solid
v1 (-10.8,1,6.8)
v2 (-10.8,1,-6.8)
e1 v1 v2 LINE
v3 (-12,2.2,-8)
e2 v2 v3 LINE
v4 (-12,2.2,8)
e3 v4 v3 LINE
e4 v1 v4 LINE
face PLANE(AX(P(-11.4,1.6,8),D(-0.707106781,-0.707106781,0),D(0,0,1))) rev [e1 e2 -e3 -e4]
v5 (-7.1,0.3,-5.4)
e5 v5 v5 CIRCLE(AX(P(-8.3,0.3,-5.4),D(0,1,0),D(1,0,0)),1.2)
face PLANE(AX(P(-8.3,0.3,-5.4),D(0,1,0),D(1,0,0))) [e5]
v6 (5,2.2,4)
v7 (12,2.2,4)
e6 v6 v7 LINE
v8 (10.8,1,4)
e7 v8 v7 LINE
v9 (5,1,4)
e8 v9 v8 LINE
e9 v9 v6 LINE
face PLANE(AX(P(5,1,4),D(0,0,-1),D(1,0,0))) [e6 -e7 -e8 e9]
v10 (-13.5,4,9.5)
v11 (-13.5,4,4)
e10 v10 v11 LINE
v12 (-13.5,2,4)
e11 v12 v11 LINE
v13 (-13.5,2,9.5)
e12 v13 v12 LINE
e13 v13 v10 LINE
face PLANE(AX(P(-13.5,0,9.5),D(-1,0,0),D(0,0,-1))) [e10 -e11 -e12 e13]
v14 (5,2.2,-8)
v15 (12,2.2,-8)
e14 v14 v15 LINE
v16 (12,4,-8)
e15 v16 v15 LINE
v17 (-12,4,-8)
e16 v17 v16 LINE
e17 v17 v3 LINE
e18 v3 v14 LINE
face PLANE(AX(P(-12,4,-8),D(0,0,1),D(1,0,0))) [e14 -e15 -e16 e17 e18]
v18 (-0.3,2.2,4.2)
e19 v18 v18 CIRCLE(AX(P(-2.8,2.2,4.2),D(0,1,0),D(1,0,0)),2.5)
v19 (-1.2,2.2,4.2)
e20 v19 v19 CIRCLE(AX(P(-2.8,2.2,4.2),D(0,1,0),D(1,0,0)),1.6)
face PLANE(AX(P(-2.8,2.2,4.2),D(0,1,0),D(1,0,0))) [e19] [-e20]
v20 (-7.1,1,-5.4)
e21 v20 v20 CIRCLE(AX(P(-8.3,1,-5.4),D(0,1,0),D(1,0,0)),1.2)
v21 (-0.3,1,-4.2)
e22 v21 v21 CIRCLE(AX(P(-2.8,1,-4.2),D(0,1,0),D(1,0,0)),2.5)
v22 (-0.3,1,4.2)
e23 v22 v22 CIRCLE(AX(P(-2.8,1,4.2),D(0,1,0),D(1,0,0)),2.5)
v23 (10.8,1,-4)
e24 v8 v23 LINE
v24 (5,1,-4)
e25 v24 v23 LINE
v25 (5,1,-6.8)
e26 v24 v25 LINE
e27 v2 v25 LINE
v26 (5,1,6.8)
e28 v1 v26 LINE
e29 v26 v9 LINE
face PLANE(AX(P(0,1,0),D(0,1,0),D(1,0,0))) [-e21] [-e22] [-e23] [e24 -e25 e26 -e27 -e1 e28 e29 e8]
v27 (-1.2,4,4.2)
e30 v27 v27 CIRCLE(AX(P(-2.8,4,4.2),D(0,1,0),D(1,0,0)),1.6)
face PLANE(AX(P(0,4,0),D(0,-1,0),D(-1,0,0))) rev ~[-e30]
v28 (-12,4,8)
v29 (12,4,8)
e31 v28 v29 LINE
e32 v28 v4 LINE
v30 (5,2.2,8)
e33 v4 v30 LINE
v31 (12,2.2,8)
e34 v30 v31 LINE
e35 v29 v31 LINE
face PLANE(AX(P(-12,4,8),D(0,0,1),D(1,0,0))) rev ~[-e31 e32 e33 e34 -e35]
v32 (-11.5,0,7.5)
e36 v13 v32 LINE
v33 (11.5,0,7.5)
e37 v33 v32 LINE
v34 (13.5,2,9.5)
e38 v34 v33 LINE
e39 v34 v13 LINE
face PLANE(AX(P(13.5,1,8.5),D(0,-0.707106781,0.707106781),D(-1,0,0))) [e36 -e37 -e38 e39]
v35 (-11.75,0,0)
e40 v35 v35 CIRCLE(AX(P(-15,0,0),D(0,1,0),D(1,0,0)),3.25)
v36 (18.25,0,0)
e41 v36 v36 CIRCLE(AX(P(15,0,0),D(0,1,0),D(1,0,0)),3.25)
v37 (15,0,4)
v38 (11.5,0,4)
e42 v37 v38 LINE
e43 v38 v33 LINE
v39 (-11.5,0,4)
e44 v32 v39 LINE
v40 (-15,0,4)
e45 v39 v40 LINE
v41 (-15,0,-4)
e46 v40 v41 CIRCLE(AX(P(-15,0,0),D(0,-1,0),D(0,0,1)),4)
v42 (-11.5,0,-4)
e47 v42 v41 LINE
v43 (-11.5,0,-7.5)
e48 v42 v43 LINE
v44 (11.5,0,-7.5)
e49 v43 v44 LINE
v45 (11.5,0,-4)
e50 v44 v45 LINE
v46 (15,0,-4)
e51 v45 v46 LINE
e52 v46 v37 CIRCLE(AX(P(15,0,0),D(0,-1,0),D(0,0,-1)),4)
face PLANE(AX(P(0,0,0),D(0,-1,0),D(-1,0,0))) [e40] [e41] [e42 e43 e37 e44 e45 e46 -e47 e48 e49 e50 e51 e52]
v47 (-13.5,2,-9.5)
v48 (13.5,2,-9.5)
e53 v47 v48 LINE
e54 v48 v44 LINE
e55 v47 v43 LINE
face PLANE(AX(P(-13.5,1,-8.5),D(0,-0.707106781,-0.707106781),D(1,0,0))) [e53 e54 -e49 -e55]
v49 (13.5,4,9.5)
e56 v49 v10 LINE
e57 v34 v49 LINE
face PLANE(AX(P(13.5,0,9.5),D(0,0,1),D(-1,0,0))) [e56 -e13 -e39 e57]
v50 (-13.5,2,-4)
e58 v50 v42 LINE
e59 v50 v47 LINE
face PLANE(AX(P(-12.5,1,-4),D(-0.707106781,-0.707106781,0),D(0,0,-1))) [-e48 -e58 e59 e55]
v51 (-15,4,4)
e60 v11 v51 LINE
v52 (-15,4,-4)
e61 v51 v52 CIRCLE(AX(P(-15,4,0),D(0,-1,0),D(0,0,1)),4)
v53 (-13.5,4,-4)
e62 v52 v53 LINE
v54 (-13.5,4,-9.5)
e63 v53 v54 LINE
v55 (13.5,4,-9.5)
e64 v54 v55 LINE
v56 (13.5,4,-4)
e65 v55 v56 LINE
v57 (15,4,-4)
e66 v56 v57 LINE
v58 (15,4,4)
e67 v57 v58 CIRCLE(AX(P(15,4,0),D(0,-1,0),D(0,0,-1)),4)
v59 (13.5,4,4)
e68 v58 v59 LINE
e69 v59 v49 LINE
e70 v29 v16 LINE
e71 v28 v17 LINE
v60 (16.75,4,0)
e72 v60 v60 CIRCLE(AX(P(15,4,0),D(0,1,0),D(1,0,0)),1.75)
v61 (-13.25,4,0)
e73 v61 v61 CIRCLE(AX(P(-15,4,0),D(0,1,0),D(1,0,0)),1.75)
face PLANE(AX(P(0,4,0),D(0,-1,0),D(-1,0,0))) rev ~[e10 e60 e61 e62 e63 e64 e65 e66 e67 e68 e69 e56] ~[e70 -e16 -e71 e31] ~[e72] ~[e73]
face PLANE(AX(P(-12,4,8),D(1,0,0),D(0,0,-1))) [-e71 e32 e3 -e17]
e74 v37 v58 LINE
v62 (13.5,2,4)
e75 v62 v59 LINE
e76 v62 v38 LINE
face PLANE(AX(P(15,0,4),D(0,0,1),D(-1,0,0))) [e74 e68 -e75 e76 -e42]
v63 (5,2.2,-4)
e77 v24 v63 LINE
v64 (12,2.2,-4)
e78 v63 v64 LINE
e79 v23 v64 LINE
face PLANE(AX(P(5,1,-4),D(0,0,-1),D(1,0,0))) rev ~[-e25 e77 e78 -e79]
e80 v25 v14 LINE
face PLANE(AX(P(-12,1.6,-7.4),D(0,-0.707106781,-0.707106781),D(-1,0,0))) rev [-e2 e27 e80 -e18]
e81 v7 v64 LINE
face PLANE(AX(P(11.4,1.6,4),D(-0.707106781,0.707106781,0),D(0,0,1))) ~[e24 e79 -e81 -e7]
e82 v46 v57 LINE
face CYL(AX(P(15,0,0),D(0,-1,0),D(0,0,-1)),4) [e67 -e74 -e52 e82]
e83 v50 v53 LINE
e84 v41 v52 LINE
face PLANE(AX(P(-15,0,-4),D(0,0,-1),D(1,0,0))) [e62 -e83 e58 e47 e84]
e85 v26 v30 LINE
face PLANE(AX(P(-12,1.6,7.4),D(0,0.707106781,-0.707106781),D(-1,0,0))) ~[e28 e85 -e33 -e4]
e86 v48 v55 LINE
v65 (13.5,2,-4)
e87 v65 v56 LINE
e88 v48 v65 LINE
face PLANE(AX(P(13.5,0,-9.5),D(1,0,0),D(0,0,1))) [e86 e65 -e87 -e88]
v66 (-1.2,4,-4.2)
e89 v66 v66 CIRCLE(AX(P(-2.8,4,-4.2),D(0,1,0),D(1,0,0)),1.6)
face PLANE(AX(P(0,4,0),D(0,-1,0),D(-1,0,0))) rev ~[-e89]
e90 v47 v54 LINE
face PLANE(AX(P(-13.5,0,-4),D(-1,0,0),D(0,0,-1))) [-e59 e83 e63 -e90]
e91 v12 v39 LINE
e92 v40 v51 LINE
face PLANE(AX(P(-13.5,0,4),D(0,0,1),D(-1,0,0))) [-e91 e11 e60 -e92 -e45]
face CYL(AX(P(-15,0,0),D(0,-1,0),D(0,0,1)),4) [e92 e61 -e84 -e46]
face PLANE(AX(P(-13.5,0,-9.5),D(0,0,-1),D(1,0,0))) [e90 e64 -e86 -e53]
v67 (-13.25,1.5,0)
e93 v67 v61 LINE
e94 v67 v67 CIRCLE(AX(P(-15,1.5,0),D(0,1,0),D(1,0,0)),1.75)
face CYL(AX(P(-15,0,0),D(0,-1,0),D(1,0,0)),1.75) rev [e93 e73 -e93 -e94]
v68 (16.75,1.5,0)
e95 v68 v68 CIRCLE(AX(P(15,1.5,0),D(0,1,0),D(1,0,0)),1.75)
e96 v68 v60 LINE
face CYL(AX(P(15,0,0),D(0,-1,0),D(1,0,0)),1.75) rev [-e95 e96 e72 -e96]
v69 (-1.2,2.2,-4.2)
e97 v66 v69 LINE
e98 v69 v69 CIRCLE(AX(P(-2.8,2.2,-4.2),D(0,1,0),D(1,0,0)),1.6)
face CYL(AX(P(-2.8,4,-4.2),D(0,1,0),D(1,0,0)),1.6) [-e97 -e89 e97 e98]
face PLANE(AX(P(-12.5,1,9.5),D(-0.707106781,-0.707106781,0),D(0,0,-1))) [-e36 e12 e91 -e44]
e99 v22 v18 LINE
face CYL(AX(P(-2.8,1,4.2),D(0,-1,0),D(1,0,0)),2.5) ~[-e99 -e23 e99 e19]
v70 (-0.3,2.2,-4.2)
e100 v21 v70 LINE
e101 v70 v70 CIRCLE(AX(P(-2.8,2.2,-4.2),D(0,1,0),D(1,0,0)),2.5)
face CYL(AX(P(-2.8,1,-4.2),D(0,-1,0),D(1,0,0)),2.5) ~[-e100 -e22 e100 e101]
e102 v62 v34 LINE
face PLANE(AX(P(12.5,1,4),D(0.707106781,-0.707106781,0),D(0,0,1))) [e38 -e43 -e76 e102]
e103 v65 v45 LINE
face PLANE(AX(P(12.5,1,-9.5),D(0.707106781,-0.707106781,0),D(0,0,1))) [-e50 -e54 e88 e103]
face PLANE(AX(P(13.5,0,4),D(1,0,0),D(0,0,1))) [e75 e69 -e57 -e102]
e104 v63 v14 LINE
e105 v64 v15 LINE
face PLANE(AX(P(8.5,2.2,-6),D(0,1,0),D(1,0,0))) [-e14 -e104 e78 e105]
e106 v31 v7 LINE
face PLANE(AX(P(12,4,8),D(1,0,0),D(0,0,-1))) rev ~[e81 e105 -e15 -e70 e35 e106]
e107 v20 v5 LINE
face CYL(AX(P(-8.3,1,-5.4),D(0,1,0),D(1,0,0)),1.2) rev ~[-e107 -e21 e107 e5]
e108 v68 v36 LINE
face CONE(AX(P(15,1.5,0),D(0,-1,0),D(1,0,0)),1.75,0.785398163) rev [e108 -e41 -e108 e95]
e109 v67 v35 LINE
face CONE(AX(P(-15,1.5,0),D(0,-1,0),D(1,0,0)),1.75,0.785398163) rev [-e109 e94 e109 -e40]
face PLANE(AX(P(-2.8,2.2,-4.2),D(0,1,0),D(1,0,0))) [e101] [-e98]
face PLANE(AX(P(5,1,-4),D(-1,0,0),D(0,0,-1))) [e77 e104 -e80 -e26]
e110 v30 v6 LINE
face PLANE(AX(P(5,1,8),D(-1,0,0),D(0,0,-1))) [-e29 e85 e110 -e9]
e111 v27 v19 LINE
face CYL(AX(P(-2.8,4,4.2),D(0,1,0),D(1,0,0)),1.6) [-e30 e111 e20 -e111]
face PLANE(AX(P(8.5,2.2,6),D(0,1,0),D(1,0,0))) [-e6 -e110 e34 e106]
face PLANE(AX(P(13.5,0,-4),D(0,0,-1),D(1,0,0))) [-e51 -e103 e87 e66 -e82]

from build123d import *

# Parameters (mm, degrees)
SKETCH_398_R        = 1.75
EXTRUDE_1_DEPTH     = 4
CHAMFER_1_SIZE      = 1.5
SKETCH_632_W        = 24
SKETCH_632_H        = 16
SKETCH_632_R        = 1.6
CUT_EXTRUDE_1_DEPTH = 3
SKETCH_910_R        = 2.5
SKETCH_910_W        = 7
SKETCH_910_H        = 4
EXTRUDE_2_DEPTH     = 1.2
SKETCH_1130_R       = 1.2
CUT_EXTRUDE_2_DEPTH = 0.7
CHAMFER_2_SIZE      = 1.2
CHAMFER_3_SIZE      = 2


with BuildPart() as part:
    # Sketch 398 → Бобышка-Вытянуть1 (new body)
    with BuildSketch(Plane(origin=(0, 0, 0), x_dir=(1, 0, 0), z_dir=(0, 1, 0))):
        with BuildLine():
            Line((-15, 4), (-13.5, 4))
            Line((-13.5, 4), (-13.5, 9.5))
            Line((-13.5, 9.5), (13.5, 9.5))
            Line((13.5, 9.5), (13.5, 4))
            Line((13.5, 4), (15, 4))
            ThreePointArc((15, 4), (19, 0), (15, -4))
            Line((15, -4), (13.5, -4))
            Line((13.5, -4), (13.5, -9.5))
            Line((13.5, -9.5), (-13.5, -9.5))
            Line((-13.5, -9.5), (-13.5, -4))
            Line((-13.5, -4), (-15, -4))
            ThreePointArc((-15, -4), (-19, 0), (-15, 4))
        make_face()
        with Locations((-15, 0)):
            Circle(SKETCH_398_R, mode=Mode.SUBTRACT)
        with Locations((15, 0)):
            Circle(SKETCH_398_R, mode=Mode.SUBTRACT)
    extrude(amount=EXTRUDE_1_DEPTH)

    # Фаска1
    chamfer_1_edges = [part.edges().sort_by_distance(p)[0] for p in [
        (13.25, 0, 0),
        (-16.75, 0, 0),
    ]]
    chamfer(chamfer_1_edges, length=CHAMFER_1_SIZE)

    # Sketch 632 → Вырез-Вытянуть1 (cut)
    with BuildSketch(Plane(origin=(0, 4, 0), x_dir=(1, 0, 0), z_dir=(0, 1, 0))):
        Rectangle(SKETCH_632_W, SKETCH_632_H)
        with Locations((-2.8, 4.2)):
            Circle(SKETCH_632_R, mode=Mode.SUBTRACT)
        with Locations((-2.8, -4.2)):
            Circle(SKETCH_632_R, mode=Mode.SUBTRACT)
    extrude(amount=-CUT_EXTRUDE_1_DEPTH, mode=Mode.SUBTRACT)

    # Sketch 910 → Бобышка-Вытянуть2 (add)
    with BuildSketch(Plane(origin=(0, 1, 0), x_dir=(1, 0, 0), z_dir=(0, 1, 0))):
        with Locations((-2.8, -4.2)):
            Circle(SKETCH_910_R)
        with Locations((-2.8, 4.2)):
            Circle(SKETCH_910_R)
        with Locations((8.5, -6)):
            Rectangle(SKETCH_910_W, SKETCH_910_H)
        with Locations((8.5, 6)):
            Rectangle(SKETCH_910_W, SKETCH_910_H)
    extrude(amount=EXTRUDE_2_DEPTH)

    # Sketch 1130 → Вырез-Вытянуть2 (cut)
    with BuildSketch(Plane(origin=(0, 1, 0), x_dir=(1, 0, 0), z_dir=(0, 1, 0))):
        with Locations((-8.3, 5.4)):
            Circle(SKETCH_1130_R)
    extrude(amount=-CUT_EXTRUDE_2_DEPTH, mode=Mode.SUBTRACT)

    # Фаска2
    chamfer_2_edges = [part.edges().sort_by_distance(p)[0] for p in [
        (12, 1, 0),
        (-3.5, 1, -8),
        (-12, 1, 0),
        (-3.5, 1, 8),
    ]]
    chamfer(chamfer_2_edges, length=CHAMFER_2_SIZE)

    # Фаска3
    chamfer_3_edges = [part.edges().sort_by_distance(p)[0] for p in [
        (0, 0, -9.5),
        (13.5, 0, -6.75),
        (13.5, 0, 6.75),
        (0, 0, 9.5),
        (-13.5, 0, 6.75),
        (-13.5, 0, -6.75),
    ]]
    chamfer(chamfer_3_edges, length=CHAMFER_3_SIZE)


solid = part.part
